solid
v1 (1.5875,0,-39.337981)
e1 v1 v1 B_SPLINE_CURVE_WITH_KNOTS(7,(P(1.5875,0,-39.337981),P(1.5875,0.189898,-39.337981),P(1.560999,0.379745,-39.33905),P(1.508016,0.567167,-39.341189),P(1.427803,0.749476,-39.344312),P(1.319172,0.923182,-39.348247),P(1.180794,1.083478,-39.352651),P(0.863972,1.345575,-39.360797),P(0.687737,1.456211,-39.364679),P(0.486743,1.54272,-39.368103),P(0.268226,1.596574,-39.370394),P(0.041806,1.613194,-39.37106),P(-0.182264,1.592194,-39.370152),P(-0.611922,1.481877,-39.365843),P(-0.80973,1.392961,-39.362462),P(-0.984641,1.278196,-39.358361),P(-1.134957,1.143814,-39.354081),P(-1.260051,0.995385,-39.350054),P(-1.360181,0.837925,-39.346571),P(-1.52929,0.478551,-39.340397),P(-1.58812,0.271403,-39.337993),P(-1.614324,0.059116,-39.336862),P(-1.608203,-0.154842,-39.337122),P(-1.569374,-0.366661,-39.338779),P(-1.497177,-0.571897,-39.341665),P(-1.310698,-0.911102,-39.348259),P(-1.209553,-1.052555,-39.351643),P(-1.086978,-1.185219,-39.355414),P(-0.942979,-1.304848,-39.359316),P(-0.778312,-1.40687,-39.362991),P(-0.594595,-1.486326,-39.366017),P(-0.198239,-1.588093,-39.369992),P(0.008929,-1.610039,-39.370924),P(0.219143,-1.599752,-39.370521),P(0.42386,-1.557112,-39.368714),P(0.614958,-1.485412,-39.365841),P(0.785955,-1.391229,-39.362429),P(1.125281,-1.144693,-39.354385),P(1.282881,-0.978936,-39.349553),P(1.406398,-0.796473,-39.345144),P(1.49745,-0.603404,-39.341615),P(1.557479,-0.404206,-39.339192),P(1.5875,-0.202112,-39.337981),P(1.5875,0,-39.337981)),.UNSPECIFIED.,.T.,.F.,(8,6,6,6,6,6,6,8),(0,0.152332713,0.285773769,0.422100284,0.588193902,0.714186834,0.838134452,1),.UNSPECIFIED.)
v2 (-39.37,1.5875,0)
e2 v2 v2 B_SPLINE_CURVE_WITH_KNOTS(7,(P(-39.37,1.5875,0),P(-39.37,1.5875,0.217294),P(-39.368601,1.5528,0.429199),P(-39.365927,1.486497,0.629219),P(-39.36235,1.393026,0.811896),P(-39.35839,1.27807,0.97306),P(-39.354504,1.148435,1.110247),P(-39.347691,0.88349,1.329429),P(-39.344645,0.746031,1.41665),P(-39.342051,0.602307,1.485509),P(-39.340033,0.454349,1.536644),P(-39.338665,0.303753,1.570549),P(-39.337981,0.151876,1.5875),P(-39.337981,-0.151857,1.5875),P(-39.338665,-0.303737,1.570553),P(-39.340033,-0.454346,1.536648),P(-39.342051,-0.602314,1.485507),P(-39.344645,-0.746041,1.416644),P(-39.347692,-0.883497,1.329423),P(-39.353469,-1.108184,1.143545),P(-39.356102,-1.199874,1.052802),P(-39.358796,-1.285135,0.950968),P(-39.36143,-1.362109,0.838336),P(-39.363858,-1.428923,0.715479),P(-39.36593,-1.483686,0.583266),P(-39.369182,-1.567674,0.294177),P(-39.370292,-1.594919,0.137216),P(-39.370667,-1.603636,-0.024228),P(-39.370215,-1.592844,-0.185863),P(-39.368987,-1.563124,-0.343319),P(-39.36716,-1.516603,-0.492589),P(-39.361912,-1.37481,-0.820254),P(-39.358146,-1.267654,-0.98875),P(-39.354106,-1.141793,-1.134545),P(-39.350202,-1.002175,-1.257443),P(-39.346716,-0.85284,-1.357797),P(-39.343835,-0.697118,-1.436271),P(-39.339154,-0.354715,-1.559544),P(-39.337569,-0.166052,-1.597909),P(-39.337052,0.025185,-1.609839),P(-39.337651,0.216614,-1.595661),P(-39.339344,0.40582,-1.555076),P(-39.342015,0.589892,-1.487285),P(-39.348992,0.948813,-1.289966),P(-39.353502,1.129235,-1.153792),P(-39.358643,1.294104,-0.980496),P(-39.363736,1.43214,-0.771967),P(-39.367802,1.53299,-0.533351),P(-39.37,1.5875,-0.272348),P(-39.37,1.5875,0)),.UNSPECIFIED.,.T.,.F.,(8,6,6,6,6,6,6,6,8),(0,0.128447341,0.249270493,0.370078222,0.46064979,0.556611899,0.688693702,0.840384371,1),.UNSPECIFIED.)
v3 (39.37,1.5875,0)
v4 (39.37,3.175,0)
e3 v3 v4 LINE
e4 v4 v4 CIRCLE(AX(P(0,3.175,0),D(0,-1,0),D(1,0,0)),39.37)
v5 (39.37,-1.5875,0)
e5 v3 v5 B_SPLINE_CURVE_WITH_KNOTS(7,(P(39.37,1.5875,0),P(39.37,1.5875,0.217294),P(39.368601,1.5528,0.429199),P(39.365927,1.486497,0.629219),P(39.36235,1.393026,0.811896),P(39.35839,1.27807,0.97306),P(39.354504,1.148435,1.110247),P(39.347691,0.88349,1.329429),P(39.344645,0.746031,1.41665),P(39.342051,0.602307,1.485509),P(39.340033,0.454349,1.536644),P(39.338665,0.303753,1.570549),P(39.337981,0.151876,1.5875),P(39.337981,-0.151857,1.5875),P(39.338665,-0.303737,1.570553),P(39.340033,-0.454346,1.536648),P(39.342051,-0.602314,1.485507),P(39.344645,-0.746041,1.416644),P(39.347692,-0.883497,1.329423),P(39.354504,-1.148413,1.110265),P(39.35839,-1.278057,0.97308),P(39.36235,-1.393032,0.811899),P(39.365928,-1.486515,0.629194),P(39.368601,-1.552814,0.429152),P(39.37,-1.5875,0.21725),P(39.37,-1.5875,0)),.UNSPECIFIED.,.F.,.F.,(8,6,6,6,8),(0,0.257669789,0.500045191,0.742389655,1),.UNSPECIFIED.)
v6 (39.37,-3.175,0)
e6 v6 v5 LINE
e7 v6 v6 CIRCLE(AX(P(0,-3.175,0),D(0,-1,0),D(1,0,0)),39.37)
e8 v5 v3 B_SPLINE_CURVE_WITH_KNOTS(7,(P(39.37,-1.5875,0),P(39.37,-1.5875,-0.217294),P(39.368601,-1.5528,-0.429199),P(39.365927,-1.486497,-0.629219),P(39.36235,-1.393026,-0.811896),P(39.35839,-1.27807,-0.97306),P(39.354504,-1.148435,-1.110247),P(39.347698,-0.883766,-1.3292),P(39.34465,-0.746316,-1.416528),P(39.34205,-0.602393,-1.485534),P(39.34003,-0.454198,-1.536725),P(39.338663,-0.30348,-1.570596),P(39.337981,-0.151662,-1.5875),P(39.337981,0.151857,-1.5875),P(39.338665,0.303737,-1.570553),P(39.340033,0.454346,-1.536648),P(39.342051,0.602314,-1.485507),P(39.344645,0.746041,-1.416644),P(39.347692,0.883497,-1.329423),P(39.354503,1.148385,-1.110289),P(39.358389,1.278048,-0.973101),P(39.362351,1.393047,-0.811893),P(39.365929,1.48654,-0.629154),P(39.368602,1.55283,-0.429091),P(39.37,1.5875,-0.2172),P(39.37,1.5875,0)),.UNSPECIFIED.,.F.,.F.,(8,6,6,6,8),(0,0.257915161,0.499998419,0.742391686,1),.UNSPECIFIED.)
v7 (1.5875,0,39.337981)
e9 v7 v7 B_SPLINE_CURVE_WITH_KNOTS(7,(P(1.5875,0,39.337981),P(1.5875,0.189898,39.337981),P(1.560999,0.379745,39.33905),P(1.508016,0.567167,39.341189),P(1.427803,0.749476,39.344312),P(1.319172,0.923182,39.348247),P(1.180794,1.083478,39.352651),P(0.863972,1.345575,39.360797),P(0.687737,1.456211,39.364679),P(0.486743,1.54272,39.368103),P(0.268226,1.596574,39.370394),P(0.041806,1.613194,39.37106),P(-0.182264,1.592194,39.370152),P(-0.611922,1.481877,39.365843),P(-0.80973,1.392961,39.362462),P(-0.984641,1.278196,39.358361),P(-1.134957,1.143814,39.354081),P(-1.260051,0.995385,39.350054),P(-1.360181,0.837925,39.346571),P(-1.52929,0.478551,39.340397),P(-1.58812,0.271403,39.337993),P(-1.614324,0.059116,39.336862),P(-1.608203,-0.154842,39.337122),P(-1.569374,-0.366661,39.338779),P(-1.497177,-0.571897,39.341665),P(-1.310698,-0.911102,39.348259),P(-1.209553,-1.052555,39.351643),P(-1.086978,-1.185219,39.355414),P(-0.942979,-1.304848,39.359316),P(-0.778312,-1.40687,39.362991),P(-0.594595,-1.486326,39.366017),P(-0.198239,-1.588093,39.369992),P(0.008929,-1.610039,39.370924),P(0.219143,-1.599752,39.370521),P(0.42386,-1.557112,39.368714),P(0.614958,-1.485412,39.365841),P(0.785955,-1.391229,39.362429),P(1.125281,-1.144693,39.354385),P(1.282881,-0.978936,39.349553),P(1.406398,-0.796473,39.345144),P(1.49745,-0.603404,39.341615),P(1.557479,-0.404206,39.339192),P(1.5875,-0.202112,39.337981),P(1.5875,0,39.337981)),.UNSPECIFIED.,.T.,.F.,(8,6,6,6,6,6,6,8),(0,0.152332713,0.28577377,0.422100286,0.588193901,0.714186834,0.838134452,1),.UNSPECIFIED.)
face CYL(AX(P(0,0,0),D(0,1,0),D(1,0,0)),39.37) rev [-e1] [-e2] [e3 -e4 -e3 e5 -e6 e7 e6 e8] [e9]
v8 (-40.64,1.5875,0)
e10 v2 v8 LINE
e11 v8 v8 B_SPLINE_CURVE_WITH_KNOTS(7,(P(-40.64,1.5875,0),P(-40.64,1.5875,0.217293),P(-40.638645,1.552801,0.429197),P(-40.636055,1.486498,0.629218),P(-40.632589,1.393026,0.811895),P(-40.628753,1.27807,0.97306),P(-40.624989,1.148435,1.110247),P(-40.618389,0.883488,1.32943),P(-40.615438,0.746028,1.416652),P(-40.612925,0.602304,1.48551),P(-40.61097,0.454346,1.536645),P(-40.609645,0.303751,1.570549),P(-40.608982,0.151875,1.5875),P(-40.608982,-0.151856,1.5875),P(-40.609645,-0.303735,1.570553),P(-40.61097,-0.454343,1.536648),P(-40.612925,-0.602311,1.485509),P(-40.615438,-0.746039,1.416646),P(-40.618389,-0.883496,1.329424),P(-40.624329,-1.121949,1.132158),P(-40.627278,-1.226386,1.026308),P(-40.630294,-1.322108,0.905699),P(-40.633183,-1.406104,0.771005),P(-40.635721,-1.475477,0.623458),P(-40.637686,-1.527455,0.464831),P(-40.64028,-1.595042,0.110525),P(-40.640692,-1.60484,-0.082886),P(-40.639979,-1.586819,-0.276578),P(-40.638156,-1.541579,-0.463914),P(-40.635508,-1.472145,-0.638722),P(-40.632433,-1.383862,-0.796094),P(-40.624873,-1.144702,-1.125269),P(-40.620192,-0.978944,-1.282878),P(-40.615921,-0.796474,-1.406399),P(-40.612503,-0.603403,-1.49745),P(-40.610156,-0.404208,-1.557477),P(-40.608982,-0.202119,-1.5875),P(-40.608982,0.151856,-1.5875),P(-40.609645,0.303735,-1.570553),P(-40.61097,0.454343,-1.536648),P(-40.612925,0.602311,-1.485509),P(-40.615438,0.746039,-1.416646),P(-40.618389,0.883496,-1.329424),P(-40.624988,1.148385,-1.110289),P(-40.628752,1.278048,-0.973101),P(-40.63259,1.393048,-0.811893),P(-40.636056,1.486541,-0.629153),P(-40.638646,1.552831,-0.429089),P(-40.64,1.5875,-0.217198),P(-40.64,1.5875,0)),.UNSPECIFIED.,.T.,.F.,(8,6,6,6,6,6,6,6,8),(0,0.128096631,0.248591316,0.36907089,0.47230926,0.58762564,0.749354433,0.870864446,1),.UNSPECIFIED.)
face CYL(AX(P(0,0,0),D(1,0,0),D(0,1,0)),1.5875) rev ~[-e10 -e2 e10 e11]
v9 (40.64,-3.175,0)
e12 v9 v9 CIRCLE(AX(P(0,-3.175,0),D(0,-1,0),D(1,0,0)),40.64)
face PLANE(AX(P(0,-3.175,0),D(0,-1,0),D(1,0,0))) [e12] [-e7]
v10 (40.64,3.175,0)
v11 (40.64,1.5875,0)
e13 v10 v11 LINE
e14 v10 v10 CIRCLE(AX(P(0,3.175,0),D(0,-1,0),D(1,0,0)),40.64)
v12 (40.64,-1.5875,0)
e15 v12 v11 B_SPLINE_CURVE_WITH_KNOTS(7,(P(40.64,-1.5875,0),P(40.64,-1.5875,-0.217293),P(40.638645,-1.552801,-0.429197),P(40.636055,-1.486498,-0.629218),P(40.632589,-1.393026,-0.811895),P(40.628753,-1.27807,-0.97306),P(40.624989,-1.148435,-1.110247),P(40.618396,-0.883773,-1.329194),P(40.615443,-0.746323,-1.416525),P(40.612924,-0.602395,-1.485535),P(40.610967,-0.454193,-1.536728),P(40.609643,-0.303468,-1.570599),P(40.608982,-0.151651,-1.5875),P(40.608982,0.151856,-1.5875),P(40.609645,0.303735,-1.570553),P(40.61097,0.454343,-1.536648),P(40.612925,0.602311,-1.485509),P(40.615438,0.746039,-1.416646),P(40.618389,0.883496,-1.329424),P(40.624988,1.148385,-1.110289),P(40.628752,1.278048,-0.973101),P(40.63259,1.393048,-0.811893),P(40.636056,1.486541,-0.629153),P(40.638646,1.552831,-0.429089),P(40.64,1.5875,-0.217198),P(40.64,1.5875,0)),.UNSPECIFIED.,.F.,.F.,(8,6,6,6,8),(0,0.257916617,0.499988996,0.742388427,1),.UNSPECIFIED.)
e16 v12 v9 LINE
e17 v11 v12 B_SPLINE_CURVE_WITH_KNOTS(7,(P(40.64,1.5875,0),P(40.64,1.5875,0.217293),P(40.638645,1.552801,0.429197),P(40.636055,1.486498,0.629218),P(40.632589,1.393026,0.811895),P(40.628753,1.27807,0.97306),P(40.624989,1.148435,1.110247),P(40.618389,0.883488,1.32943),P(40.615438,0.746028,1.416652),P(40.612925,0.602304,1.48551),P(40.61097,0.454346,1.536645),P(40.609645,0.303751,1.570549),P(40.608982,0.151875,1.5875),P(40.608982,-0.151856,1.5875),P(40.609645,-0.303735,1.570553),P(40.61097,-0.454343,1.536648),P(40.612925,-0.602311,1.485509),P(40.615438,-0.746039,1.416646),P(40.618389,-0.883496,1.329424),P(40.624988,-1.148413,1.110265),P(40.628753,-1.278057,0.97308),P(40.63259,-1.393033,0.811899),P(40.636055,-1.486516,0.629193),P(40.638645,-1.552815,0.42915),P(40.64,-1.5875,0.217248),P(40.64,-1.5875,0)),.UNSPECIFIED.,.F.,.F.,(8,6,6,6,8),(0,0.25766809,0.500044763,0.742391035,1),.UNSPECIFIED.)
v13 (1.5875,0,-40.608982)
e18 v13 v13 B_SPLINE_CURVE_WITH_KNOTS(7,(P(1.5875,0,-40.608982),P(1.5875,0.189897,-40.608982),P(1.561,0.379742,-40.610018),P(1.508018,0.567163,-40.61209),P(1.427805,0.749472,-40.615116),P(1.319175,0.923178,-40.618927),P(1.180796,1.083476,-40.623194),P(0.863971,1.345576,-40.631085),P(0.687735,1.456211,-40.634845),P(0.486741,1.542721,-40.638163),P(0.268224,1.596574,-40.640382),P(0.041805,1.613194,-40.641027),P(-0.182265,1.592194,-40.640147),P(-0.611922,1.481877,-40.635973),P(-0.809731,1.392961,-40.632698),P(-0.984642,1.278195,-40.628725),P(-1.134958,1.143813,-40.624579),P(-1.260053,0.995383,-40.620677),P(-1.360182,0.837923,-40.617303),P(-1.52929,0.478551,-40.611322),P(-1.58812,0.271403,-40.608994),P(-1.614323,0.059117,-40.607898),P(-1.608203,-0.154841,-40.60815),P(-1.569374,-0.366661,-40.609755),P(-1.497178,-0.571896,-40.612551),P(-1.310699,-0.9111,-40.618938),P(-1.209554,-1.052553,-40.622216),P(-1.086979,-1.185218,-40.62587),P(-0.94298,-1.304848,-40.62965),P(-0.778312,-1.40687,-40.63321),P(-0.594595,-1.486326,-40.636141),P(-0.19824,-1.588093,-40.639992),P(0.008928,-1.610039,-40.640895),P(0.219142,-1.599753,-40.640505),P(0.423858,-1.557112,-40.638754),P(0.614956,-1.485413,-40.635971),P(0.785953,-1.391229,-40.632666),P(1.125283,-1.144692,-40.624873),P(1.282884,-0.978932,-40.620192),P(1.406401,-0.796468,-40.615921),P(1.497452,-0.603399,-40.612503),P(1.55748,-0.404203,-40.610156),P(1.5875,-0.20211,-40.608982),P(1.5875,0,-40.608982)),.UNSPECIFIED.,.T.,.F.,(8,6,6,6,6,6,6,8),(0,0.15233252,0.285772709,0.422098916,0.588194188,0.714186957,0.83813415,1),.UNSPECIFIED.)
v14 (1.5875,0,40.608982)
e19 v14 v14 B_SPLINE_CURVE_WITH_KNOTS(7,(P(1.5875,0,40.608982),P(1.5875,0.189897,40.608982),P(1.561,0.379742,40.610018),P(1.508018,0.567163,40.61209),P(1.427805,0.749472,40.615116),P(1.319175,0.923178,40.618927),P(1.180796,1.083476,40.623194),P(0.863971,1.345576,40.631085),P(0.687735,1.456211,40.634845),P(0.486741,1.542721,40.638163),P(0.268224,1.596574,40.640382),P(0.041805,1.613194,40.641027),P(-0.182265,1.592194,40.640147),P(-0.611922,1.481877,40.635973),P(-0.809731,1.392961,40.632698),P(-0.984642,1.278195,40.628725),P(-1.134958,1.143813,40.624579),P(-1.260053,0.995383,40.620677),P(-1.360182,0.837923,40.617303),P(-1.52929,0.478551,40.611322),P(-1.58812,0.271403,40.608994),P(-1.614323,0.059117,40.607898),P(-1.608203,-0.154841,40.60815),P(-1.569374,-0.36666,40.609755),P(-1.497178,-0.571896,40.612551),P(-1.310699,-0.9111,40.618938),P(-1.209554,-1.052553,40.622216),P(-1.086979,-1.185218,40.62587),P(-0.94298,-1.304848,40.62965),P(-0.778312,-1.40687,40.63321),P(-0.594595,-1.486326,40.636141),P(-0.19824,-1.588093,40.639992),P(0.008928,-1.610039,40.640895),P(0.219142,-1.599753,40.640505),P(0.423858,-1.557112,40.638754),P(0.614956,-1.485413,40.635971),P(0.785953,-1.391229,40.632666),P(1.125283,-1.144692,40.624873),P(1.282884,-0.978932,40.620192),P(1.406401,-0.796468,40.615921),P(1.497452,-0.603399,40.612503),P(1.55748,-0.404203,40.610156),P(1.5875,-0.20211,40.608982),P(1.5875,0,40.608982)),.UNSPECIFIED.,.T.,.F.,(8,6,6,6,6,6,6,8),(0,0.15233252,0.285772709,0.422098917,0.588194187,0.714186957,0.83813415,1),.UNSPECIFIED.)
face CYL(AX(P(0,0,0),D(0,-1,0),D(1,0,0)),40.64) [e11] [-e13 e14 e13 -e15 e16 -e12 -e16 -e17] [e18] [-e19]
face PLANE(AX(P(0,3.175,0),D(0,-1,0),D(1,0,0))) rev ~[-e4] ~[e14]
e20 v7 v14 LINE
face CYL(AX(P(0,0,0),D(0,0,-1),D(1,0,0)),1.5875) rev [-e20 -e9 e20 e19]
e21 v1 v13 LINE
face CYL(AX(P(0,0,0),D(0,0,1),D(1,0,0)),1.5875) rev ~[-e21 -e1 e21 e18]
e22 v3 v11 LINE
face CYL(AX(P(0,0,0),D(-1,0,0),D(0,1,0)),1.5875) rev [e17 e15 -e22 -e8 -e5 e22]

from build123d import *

# Parameters (mm, degrees)
F0_R          = 40.64
F0_R_2        = 39.37
F1_DEPTH      = 3.175
F2_R          = 1.5875
F4_DEPTH      = 40.641
F4_DEPTH_BACK = 49.77658
F3_R          = 1.5875
F5_DEPTH      = 40.6410001
F5_DEPTH_BACK = 44.7205


with BuildPart() as f1:
    # F0 (on Front) → F1 (new body, symmetric)
    with BuildSketch(Plane.XZ):
        Circle(F0_R)
        Circle(F0_R_2, mode=Mode.SUBTRACT)
    extrude(amount=F1_DEPTH, both=True)

    # F2 (on Top) → F4 (cut, two sides)
    with BuildSketch(Plane.XY) as f4_sk:
        Circle(F2_R)
    extrude(amount=-F4_DEPTH, mode=Mode.SUBTRACT)
    extrude(f4_sk.sketch, amount=F4_DEPTH_BACK, mode=Mode.SUBTRACT)

    # F3 (on Right) → F5 (cut, two sides)
    with BuildSketch(Plane.YZ) as f5_sk:
        Circle(F3_R)
    extrude(amount=-F5_DEPTH, mode=Mode.SUBTRACT)
    extrude(f5_sk.sketch, amount=F5_DEPTH_BACK, mode=Mode.SUBTRACT)


solid = f1.part
